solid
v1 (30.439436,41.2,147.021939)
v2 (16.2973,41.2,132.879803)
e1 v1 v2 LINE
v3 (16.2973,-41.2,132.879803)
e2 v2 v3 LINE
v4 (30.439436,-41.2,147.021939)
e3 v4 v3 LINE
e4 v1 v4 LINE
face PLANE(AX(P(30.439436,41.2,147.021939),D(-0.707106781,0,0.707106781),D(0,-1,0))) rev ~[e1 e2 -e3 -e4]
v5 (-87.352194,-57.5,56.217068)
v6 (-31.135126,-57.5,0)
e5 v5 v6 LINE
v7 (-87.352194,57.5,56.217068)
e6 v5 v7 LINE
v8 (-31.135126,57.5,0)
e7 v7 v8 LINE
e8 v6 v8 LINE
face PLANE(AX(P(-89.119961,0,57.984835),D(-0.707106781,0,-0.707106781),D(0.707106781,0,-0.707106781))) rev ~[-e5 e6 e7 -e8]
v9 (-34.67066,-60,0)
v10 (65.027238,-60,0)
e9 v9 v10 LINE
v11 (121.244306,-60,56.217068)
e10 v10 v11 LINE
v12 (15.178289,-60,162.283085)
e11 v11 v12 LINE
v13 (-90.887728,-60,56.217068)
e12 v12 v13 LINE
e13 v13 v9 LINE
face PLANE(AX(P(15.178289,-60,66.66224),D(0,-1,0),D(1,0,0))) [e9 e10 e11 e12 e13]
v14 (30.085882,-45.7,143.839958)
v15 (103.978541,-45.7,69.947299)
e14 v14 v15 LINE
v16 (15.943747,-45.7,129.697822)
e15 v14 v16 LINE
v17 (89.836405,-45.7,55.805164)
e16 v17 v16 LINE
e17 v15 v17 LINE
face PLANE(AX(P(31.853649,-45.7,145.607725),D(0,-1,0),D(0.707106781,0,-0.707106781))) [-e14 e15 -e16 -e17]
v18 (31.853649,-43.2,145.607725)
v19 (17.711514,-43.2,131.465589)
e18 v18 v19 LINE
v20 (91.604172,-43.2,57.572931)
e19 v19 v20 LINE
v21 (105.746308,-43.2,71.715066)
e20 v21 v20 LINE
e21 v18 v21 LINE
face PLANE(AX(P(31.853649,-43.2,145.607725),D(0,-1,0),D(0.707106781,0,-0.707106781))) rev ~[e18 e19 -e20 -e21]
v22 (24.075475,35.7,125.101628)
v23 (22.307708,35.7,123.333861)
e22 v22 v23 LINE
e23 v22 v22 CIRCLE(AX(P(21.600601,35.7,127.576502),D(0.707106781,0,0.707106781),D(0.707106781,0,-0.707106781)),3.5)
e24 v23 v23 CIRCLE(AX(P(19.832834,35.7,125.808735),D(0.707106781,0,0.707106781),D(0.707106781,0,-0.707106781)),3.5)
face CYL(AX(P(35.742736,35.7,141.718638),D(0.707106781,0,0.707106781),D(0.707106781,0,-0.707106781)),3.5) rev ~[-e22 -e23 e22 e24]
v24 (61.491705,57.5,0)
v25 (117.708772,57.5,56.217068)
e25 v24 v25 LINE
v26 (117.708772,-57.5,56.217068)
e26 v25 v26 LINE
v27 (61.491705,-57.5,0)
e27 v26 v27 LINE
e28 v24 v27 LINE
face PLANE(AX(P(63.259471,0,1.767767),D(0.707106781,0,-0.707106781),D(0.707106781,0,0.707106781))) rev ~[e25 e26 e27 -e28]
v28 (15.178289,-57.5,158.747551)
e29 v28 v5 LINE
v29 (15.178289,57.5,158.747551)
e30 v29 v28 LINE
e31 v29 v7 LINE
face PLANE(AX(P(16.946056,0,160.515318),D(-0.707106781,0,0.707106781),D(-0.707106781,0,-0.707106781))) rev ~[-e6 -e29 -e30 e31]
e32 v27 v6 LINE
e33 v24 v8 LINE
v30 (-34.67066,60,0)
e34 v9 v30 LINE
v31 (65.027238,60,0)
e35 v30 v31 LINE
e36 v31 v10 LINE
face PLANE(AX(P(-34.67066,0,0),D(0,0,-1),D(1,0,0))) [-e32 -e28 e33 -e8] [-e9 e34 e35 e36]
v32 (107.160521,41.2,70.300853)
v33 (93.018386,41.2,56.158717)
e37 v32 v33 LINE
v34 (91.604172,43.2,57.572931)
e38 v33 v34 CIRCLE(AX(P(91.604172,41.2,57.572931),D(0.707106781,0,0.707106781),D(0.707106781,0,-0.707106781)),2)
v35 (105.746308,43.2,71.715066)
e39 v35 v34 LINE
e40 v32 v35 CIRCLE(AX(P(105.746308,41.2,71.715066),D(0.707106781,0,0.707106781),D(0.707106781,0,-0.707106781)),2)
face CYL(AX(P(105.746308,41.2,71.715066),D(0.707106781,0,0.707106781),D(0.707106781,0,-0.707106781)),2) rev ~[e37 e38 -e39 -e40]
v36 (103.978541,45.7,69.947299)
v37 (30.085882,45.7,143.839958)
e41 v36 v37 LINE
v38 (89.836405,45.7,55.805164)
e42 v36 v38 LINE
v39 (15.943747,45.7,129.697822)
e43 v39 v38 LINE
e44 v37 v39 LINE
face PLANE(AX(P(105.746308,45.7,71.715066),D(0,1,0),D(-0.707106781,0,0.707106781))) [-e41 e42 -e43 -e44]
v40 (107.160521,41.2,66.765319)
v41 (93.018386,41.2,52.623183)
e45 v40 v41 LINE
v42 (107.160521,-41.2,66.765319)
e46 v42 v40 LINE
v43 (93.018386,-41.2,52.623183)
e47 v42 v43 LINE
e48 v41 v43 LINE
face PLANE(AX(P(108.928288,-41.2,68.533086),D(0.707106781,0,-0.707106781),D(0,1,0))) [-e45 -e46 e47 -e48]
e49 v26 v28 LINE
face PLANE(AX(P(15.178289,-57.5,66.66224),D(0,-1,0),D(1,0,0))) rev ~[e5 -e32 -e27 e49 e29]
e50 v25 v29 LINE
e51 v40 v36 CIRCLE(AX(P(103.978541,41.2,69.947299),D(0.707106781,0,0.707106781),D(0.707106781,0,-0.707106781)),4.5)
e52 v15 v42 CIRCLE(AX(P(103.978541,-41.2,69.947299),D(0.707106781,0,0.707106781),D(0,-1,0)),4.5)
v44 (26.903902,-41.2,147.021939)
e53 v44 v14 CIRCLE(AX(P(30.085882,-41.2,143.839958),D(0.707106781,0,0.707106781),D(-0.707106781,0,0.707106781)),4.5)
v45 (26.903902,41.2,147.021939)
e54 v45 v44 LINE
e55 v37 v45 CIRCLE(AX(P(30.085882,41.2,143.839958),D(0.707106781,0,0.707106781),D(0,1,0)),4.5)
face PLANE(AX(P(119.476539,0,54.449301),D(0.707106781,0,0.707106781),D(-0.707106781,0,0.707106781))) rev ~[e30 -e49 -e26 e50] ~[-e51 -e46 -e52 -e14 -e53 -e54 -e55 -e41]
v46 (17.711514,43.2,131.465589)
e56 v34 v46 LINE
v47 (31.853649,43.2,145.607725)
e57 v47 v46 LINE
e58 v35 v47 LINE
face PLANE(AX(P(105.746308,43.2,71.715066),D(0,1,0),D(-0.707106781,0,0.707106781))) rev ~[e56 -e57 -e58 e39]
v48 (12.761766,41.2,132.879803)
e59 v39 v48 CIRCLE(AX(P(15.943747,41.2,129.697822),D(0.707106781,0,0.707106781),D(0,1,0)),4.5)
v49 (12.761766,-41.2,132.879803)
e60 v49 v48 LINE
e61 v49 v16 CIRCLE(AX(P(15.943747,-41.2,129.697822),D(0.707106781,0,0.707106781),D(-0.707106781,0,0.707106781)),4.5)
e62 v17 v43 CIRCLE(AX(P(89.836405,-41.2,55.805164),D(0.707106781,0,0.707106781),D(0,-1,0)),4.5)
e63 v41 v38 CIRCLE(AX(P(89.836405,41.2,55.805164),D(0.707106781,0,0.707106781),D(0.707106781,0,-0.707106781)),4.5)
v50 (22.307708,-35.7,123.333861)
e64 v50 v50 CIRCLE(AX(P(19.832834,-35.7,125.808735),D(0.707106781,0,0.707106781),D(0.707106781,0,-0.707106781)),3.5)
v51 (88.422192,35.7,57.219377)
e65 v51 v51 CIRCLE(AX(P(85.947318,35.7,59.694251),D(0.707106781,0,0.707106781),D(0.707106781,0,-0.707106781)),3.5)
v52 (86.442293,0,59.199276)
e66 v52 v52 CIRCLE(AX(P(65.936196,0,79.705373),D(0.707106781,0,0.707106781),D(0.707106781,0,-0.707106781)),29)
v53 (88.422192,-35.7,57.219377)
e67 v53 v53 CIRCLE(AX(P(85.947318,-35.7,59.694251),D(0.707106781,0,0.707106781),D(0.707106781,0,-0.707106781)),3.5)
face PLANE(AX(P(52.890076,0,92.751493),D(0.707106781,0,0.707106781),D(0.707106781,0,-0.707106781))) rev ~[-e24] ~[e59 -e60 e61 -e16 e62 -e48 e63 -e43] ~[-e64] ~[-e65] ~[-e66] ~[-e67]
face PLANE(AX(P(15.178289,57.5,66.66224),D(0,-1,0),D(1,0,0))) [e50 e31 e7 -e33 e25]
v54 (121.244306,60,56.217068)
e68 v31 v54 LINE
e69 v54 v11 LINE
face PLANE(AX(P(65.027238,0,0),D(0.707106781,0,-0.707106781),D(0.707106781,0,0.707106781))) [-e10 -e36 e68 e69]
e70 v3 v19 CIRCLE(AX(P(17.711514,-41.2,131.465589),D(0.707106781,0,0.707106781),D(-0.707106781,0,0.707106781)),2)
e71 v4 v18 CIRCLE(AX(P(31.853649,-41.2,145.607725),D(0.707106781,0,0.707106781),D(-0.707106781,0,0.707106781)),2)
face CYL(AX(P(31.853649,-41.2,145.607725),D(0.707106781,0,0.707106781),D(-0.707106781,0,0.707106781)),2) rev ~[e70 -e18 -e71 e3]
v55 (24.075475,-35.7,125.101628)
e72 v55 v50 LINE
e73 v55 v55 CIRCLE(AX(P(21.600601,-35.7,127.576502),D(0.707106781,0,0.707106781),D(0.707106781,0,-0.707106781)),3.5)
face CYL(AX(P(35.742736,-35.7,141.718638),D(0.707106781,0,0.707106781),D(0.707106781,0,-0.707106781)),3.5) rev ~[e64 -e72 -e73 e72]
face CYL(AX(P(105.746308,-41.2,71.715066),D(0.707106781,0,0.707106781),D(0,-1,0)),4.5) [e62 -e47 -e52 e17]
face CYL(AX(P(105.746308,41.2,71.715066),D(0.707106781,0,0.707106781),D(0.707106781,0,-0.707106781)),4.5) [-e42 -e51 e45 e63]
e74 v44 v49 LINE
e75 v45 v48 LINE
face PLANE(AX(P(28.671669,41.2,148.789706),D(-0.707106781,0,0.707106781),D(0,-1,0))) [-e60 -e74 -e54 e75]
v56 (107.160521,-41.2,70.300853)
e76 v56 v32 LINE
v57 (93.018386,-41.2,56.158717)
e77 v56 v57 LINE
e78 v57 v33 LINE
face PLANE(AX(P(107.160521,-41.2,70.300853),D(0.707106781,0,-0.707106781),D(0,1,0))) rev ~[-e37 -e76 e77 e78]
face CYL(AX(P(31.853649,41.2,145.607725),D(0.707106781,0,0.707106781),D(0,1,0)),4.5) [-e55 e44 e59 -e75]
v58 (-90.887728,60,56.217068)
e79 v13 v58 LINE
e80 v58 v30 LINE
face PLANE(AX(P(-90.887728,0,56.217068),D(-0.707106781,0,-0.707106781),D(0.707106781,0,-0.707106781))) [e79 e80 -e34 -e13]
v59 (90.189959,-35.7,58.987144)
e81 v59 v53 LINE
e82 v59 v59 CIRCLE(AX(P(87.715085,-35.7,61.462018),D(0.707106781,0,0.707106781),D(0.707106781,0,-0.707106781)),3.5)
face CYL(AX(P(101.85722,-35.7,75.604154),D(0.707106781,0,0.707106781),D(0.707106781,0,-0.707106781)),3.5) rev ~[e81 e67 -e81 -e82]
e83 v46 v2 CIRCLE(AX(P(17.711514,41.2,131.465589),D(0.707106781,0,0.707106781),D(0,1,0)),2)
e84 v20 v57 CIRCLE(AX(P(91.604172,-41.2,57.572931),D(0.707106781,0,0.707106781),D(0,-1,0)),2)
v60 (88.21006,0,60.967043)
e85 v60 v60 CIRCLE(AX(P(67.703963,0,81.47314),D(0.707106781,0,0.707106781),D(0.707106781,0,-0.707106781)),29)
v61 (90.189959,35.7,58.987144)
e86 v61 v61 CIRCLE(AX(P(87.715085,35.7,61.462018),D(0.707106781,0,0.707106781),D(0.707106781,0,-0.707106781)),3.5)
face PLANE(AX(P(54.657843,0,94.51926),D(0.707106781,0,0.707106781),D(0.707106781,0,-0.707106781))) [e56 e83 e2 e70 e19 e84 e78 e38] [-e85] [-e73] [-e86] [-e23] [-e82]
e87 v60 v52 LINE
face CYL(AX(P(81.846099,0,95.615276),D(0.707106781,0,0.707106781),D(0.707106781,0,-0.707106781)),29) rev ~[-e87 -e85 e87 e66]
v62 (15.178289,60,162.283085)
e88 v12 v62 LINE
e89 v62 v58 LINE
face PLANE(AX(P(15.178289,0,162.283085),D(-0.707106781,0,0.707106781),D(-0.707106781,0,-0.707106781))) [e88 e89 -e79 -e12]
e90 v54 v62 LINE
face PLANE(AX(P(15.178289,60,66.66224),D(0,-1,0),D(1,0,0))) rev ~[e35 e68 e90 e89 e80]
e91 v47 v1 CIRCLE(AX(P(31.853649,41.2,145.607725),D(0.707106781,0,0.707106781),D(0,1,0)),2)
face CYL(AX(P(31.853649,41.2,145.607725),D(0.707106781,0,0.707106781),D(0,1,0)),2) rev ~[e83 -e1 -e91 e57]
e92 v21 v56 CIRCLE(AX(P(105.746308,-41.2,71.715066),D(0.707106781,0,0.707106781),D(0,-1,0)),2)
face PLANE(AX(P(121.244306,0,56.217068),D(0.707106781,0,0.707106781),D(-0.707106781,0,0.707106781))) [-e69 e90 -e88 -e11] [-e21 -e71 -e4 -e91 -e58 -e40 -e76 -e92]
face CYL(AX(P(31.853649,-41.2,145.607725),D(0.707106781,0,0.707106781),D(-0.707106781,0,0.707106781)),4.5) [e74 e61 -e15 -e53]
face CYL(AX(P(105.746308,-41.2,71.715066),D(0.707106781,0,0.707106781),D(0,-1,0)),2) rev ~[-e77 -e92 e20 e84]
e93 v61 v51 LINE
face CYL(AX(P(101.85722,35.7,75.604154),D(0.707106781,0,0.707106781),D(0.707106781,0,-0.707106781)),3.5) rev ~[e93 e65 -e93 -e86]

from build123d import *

# Parameters (mm, degrees)
F1_DEPTH = 60
F2_R     = 3.5
F2_R_2   = 29
F3_DEPTH = 20
F4_T     = -2.5
F5_DEPTH = 40


with BuildPart() as f1:
    # F0 (on Front) → F1 (new body, symmetric)
    with BuildSketch(Plane.XZ):
        Polygon((-34.6706601963, 0), (65.0272384259, 0), (121.2443062928, 56.2170678669), (15.1782891148, 162.2830850448), (-90.8877280632, 56.2170678669), align=None)
    extrude(amount=F1_DEPTH, both=True)

    # F2 (on face) → F3 (cut)
    with BuildSketch(Plane(origin=(88.7306870798, 0, 88.7306870798), x_dir=(0.7071067812, 0, -0.7071067812), z_dir=(0.7071067812, 0, 0.7071067812))):
        with BuildLine():
            ThreePointArc((26.0637215376, 41.2), (25.4779351, 42.6142135624), (24.0637215376, 43.2))
            Line((24.0637215376, 43.2), (-80.4362784624, 43.2))
            ThreePointArc((-80.4362784624, 43.2), (-81.8504920248, 42.6142135624), (-82.4362784624, 41.2))
            Line((-82.4362784624, 41.2), (-82.4362784624, -41.2))
            ThreePointArc((-82.4362784624, -41.2), (-81.8504920248, -42.6142135624), (-80.4362784624, -43.2))
            Line((-80.4362784624, -43.2), (24.0637215376, -43.2))
            ThreePointArc((24.0637215376, -43.2), (25.4779351, -42.6142135624), (26.0637215376, -41.2))
            Line((26.0637215376, -41.2), (26.0637215376, 41.2))
        make_face()
        with Locations((-74.9362784624, -35.7)):
            Circle(F2_R, mode=Mode.SUBTRACT)
        with Locations((18.5637215376, -35.7)):
            Circle(F2_R, mode=Mode.SUBTRACT)
        with Locations((-74.9362784624, 35.7)):
            Circle(F2_R, mode=Mode.SUBTRACT)
        with Locations((-9.7362784624, 0)):
            Circle(F2_R_2, mode=Mode.SUBTRACT)
        with Locations((18.5637215376, 35.7)):
            Circle(F2_R, mode=Mode.SUBTRACT)
        with Locations((-9.7362784624, 0)):
            Circle(F2_R_2)
        with Locations((-74.9362784624, -35.7)):
            Circle(F2_R)
        with Locations((-74.9362784624, 35.7)):
            Circle(F2_R)
        with Locations((18.5637215376, 35.7)):
            Circle(F2_R)
        with Locations((18.5637215376, -35.7)):
            Circle(F2_R)
    extrude(amount=-F3_DEPTH, mode=Mode.SUBTRACT)

    # F4
    f4_openings = [f1.faces().sort_by_distance(p)[0] for p in [
        (15.178289, 0, 0),
    ]]
    offset(amount=F4_T, openings=f4_openings, kind=Kind.INTERSECTION)

    # F2 (on face) → F5 (cut)
    with BuildSketch(Plane(origin=(88.7306870798, 0, 88.7306870798), x_dir=(0.7071067812, 0, -0.7071067812), z_dir=(0.7071067812, 0, 0.7071067812))):
        with Locations((-9.7362784624, 0)):
            Circle(F2_R_2)
        with Locations((-74.9362784624, 35.7)):
            Circle(F2_R)
        with Locations((-74.9362784624, -35.7)):
            Circle(F2_R)
        with Locations((18.5637215376, -35.7)):
            Circle(F2_R)
        with Locations((18.5637215376, 35.7)):
            Circle(F2_R)
    extrude(amount=-F5_DEPTH, mode=Mode.SUBTRACT)


solid = f1.part
